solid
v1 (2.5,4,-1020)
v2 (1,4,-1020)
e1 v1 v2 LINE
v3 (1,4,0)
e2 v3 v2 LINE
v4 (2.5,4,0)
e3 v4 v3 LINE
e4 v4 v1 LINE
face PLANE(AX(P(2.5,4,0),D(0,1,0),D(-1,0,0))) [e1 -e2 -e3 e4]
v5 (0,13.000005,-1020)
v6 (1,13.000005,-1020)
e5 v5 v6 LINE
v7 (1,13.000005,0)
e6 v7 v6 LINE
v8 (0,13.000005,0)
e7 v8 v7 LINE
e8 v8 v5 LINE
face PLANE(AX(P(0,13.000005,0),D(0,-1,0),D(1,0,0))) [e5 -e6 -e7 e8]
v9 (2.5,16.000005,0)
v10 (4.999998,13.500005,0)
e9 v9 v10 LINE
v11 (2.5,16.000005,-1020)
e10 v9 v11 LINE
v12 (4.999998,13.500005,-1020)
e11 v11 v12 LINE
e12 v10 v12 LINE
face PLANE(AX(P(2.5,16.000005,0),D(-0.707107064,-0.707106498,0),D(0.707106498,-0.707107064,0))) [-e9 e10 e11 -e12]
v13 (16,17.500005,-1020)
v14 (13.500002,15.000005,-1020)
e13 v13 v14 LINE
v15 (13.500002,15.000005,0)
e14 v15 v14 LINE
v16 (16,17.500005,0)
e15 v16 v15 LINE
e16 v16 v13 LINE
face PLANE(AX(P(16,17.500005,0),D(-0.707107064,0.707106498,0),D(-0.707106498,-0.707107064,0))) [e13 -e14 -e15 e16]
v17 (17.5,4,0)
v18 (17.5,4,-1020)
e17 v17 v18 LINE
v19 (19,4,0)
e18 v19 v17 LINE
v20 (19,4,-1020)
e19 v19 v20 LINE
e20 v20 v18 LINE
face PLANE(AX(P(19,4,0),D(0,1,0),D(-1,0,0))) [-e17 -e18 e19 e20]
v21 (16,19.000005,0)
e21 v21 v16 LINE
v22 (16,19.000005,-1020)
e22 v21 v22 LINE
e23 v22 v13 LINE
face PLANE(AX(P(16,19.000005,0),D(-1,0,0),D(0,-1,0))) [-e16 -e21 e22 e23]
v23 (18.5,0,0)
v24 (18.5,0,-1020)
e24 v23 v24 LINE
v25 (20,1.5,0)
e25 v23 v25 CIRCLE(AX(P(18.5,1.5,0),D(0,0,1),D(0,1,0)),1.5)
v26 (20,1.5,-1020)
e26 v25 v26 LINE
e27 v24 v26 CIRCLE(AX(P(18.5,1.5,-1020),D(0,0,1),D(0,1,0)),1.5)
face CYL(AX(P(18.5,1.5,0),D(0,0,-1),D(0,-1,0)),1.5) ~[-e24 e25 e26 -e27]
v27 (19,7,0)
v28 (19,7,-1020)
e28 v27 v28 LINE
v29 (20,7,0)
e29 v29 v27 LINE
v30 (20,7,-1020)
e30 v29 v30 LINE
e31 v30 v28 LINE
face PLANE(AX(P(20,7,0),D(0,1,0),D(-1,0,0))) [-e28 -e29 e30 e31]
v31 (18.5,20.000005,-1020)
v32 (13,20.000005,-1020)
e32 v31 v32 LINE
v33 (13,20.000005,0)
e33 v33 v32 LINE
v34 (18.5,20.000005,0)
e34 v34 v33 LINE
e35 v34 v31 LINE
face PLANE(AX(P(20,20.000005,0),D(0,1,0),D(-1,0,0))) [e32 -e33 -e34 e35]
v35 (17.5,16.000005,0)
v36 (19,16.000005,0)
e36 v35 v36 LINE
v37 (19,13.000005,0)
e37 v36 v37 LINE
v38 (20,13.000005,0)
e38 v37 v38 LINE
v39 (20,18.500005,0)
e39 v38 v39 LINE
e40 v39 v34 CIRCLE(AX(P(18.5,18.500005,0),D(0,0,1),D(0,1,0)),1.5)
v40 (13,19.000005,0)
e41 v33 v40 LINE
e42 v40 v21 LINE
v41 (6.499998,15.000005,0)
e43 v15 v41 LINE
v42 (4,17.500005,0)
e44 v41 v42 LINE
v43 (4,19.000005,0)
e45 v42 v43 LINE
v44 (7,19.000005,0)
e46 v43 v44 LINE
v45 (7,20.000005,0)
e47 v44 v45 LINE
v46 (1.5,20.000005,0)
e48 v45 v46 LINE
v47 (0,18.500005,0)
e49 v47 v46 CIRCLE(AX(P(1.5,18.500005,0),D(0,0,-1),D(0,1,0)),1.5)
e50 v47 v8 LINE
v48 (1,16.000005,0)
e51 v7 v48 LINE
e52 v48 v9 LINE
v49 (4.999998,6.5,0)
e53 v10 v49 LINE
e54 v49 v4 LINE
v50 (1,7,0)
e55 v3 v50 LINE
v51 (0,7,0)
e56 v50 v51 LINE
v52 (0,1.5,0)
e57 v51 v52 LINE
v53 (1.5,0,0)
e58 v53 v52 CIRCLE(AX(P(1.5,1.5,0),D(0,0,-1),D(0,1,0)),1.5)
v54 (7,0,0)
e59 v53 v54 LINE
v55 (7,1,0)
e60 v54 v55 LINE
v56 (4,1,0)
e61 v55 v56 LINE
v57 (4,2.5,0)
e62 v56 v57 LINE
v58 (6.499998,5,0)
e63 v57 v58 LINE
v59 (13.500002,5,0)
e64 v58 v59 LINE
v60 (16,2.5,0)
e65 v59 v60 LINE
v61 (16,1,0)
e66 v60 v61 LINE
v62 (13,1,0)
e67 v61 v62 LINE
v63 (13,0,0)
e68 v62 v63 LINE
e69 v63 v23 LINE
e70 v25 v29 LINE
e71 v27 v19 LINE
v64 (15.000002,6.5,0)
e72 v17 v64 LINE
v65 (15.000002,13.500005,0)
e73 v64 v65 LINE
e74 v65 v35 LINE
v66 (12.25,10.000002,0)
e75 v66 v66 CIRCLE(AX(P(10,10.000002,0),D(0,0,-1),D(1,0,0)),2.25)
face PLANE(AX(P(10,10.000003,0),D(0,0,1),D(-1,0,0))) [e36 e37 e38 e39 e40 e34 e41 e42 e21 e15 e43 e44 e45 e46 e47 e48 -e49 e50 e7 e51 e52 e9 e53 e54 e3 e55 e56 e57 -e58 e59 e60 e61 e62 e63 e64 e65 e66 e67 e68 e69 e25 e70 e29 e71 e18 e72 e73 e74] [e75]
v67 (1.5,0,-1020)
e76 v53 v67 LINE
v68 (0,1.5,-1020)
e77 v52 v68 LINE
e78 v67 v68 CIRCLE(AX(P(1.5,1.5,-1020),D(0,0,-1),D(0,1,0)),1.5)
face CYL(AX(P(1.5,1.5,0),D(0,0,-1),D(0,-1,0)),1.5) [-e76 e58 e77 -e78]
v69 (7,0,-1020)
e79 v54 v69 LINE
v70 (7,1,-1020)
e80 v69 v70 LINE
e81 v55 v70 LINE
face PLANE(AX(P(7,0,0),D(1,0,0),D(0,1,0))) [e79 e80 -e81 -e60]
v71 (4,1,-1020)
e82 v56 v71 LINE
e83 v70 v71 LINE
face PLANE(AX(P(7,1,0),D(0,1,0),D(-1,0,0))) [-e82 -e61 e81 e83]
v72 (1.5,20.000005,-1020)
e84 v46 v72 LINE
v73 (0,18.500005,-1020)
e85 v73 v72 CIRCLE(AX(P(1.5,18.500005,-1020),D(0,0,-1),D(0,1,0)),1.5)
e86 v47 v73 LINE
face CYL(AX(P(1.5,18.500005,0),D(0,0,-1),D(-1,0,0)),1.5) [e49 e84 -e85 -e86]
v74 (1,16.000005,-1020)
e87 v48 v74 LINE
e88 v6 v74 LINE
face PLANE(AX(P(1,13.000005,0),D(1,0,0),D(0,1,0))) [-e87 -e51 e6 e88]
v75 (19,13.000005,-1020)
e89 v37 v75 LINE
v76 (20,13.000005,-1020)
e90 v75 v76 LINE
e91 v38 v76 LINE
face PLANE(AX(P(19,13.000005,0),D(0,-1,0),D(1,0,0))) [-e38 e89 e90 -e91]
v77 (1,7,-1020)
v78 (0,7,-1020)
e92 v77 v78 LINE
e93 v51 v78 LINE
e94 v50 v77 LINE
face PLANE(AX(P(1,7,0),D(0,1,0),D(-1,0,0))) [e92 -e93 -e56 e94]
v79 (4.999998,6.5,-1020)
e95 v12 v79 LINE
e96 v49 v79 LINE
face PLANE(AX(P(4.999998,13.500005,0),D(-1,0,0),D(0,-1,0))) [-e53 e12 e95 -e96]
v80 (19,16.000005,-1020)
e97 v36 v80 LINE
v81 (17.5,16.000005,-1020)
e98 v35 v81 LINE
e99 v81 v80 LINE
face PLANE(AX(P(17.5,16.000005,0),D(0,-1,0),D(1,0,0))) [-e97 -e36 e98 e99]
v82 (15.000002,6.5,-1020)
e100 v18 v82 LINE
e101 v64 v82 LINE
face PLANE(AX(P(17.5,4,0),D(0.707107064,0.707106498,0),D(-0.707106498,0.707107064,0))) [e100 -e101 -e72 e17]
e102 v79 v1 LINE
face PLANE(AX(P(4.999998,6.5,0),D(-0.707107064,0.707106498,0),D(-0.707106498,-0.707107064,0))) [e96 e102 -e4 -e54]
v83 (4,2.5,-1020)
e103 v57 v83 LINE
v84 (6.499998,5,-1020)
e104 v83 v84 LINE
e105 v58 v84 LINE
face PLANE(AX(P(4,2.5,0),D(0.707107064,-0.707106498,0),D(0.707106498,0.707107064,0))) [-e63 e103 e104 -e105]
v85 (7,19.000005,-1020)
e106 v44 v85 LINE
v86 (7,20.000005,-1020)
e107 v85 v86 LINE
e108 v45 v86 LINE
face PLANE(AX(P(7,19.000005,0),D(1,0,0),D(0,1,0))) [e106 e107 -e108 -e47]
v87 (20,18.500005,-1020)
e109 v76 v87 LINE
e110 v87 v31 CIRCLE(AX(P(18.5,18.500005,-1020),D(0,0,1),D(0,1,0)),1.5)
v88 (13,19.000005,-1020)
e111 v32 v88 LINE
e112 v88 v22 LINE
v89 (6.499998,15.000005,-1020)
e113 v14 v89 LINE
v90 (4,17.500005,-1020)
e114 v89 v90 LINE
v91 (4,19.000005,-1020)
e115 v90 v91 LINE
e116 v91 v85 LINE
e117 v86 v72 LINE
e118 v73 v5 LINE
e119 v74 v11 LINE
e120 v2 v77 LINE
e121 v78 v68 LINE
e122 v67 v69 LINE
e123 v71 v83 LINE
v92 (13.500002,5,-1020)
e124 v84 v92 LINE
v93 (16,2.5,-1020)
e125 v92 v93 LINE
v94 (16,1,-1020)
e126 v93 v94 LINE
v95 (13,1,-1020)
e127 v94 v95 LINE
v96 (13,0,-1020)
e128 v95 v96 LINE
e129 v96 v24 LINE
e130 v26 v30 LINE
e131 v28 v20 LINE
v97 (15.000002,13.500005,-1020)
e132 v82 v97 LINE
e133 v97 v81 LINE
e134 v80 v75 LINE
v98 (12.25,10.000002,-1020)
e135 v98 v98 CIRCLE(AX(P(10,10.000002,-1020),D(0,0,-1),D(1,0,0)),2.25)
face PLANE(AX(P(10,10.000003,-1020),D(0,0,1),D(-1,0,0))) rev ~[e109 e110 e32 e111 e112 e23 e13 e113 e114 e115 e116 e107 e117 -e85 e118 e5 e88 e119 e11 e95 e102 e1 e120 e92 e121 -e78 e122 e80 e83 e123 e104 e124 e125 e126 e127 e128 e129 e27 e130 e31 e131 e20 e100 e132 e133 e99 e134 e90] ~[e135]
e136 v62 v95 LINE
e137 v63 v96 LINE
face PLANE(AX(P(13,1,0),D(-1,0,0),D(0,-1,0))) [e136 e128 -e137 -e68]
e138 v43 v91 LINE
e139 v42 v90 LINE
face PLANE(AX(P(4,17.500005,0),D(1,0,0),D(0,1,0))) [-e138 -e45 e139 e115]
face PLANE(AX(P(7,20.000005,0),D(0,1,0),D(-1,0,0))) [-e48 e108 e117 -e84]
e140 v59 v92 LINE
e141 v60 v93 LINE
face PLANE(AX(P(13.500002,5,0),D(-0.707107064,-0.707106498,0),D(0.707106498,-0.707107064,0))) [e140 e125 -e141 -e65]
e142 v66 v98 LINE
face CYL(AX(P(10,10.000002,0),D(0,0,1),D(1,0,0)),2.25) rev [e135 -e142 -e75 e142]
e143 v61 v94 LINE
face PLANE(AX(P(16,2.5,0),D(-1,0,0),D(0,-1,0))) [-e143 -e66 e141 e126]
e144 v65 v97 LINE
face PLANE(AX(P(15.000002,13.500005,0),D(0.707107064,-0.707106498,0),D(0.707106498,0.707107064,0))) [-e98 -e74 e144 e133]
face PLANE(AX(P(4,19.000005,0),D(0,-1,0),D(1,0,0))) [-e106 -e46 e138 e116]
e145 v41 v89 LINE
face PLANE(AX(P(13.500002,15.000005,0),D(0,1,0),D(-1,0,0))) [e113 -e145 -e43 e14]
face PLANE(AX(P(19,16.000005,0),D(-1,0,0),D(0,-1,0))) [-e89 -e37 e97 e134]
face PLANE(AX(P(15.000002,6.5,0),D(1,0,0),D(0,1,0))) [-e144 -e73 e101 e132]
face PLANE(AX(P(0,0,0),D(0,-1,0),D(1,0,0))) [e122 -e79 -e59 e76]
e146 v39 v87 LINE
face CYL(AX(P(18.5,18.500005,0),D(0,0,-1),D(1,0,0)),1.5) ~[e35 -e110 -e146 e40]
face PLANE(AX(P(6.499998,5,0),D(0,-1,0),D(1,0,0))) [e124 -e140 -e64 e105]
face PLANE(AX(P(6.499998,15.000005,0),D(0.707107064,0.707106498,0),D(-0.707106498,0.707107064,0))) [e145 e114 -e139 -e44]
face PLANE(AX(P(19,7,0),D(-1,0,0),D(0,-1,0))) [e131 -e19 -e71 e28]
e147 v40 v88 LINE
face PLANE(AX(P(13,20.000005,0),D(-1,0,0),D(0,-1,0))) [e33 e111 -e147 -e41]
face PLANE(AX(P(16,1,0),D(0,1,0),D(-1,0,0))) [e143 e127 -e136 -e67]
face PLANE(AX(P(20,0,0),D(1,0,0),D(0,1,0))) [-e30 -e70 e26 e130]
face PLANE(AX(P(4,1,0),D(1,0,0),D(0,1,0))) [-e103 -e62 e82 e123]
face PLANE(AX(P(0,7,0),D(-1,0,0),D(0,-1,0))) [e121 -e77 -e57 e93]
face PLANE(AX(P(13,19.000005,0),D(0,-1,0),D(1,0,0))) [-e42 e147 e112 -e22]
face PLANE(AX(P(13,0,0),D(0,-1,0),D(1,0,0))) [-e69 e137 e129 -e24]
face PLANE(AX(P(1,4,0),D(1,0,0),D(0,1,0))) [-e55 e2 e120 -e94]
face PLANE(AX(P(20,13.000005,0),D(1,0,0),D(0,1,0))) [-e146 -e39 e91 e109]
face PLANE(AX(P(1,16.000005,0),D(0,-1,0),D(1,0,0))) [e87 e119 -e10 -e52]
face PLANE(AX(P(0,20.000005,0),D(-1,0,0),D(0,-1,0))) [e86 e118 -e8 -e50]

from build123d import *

# Parameters (mm, degrees)
SKETCH_R  = 2.25
PAD_DEPTH = 1020
FILLET_R  = 1.5


with BuildPart() as part:
    # Sketch → Pad (new body)
    with BuildSketch(Plane(origin=(0, 0, 0), x_dir=(1, 0, 0), z_dir=(0, 0, -1))):
        Polygon((7, 0), (7, -1), (4, -1), (4, -2.5), (6.499998, -5), (13.500002, -5), (16, -2.5), (16, -1), (13, -1), (13, 0), (20, 0), (20, -7), (19, -7), (19, -4), (17.5, -4), (15.000002, -6.5), (15.000002, -13.500005), (17.5, -16.000005), (19, -16.000005), (19, -13.000005), (20, -13.000005), (20, -20.000005), (13, -20.000005), (13, -19.000005), (16, -19.000005), (16, -17.500005), (13.500002, -15.000005), (6.499998, -15.000005), (4, -17.500005), (4, -19.000005), (7, -19.000005), (7, -20.000005), (0, -20.000005), (0, -13.000005), (1, -13.000005), (1, -16.000005), (2.5, -16.000005), (4.999998, -13.500005), (4.999998, -6.5), (2.5, -4), (1, -4), (1, -7), (0, -7), (0, 0), align=None)
        with Locations((10, -10.000002)):
            Circle(SKETCH_R, mode=Mode.SUBTRACT)
    extrude(amount=PAD_DEPTH)

    # Fillet
    fillet_edges = [part.edges().sort_by_distance(p)[0] for p in [
        (20, 20.000005, -510),
        (20, 0, -510),
        (0, 20.000005, -510),
        (0, 0, -510),
    ]]
    fillet(fillet_edges, radius=FILLET_R)


solid = part.part
